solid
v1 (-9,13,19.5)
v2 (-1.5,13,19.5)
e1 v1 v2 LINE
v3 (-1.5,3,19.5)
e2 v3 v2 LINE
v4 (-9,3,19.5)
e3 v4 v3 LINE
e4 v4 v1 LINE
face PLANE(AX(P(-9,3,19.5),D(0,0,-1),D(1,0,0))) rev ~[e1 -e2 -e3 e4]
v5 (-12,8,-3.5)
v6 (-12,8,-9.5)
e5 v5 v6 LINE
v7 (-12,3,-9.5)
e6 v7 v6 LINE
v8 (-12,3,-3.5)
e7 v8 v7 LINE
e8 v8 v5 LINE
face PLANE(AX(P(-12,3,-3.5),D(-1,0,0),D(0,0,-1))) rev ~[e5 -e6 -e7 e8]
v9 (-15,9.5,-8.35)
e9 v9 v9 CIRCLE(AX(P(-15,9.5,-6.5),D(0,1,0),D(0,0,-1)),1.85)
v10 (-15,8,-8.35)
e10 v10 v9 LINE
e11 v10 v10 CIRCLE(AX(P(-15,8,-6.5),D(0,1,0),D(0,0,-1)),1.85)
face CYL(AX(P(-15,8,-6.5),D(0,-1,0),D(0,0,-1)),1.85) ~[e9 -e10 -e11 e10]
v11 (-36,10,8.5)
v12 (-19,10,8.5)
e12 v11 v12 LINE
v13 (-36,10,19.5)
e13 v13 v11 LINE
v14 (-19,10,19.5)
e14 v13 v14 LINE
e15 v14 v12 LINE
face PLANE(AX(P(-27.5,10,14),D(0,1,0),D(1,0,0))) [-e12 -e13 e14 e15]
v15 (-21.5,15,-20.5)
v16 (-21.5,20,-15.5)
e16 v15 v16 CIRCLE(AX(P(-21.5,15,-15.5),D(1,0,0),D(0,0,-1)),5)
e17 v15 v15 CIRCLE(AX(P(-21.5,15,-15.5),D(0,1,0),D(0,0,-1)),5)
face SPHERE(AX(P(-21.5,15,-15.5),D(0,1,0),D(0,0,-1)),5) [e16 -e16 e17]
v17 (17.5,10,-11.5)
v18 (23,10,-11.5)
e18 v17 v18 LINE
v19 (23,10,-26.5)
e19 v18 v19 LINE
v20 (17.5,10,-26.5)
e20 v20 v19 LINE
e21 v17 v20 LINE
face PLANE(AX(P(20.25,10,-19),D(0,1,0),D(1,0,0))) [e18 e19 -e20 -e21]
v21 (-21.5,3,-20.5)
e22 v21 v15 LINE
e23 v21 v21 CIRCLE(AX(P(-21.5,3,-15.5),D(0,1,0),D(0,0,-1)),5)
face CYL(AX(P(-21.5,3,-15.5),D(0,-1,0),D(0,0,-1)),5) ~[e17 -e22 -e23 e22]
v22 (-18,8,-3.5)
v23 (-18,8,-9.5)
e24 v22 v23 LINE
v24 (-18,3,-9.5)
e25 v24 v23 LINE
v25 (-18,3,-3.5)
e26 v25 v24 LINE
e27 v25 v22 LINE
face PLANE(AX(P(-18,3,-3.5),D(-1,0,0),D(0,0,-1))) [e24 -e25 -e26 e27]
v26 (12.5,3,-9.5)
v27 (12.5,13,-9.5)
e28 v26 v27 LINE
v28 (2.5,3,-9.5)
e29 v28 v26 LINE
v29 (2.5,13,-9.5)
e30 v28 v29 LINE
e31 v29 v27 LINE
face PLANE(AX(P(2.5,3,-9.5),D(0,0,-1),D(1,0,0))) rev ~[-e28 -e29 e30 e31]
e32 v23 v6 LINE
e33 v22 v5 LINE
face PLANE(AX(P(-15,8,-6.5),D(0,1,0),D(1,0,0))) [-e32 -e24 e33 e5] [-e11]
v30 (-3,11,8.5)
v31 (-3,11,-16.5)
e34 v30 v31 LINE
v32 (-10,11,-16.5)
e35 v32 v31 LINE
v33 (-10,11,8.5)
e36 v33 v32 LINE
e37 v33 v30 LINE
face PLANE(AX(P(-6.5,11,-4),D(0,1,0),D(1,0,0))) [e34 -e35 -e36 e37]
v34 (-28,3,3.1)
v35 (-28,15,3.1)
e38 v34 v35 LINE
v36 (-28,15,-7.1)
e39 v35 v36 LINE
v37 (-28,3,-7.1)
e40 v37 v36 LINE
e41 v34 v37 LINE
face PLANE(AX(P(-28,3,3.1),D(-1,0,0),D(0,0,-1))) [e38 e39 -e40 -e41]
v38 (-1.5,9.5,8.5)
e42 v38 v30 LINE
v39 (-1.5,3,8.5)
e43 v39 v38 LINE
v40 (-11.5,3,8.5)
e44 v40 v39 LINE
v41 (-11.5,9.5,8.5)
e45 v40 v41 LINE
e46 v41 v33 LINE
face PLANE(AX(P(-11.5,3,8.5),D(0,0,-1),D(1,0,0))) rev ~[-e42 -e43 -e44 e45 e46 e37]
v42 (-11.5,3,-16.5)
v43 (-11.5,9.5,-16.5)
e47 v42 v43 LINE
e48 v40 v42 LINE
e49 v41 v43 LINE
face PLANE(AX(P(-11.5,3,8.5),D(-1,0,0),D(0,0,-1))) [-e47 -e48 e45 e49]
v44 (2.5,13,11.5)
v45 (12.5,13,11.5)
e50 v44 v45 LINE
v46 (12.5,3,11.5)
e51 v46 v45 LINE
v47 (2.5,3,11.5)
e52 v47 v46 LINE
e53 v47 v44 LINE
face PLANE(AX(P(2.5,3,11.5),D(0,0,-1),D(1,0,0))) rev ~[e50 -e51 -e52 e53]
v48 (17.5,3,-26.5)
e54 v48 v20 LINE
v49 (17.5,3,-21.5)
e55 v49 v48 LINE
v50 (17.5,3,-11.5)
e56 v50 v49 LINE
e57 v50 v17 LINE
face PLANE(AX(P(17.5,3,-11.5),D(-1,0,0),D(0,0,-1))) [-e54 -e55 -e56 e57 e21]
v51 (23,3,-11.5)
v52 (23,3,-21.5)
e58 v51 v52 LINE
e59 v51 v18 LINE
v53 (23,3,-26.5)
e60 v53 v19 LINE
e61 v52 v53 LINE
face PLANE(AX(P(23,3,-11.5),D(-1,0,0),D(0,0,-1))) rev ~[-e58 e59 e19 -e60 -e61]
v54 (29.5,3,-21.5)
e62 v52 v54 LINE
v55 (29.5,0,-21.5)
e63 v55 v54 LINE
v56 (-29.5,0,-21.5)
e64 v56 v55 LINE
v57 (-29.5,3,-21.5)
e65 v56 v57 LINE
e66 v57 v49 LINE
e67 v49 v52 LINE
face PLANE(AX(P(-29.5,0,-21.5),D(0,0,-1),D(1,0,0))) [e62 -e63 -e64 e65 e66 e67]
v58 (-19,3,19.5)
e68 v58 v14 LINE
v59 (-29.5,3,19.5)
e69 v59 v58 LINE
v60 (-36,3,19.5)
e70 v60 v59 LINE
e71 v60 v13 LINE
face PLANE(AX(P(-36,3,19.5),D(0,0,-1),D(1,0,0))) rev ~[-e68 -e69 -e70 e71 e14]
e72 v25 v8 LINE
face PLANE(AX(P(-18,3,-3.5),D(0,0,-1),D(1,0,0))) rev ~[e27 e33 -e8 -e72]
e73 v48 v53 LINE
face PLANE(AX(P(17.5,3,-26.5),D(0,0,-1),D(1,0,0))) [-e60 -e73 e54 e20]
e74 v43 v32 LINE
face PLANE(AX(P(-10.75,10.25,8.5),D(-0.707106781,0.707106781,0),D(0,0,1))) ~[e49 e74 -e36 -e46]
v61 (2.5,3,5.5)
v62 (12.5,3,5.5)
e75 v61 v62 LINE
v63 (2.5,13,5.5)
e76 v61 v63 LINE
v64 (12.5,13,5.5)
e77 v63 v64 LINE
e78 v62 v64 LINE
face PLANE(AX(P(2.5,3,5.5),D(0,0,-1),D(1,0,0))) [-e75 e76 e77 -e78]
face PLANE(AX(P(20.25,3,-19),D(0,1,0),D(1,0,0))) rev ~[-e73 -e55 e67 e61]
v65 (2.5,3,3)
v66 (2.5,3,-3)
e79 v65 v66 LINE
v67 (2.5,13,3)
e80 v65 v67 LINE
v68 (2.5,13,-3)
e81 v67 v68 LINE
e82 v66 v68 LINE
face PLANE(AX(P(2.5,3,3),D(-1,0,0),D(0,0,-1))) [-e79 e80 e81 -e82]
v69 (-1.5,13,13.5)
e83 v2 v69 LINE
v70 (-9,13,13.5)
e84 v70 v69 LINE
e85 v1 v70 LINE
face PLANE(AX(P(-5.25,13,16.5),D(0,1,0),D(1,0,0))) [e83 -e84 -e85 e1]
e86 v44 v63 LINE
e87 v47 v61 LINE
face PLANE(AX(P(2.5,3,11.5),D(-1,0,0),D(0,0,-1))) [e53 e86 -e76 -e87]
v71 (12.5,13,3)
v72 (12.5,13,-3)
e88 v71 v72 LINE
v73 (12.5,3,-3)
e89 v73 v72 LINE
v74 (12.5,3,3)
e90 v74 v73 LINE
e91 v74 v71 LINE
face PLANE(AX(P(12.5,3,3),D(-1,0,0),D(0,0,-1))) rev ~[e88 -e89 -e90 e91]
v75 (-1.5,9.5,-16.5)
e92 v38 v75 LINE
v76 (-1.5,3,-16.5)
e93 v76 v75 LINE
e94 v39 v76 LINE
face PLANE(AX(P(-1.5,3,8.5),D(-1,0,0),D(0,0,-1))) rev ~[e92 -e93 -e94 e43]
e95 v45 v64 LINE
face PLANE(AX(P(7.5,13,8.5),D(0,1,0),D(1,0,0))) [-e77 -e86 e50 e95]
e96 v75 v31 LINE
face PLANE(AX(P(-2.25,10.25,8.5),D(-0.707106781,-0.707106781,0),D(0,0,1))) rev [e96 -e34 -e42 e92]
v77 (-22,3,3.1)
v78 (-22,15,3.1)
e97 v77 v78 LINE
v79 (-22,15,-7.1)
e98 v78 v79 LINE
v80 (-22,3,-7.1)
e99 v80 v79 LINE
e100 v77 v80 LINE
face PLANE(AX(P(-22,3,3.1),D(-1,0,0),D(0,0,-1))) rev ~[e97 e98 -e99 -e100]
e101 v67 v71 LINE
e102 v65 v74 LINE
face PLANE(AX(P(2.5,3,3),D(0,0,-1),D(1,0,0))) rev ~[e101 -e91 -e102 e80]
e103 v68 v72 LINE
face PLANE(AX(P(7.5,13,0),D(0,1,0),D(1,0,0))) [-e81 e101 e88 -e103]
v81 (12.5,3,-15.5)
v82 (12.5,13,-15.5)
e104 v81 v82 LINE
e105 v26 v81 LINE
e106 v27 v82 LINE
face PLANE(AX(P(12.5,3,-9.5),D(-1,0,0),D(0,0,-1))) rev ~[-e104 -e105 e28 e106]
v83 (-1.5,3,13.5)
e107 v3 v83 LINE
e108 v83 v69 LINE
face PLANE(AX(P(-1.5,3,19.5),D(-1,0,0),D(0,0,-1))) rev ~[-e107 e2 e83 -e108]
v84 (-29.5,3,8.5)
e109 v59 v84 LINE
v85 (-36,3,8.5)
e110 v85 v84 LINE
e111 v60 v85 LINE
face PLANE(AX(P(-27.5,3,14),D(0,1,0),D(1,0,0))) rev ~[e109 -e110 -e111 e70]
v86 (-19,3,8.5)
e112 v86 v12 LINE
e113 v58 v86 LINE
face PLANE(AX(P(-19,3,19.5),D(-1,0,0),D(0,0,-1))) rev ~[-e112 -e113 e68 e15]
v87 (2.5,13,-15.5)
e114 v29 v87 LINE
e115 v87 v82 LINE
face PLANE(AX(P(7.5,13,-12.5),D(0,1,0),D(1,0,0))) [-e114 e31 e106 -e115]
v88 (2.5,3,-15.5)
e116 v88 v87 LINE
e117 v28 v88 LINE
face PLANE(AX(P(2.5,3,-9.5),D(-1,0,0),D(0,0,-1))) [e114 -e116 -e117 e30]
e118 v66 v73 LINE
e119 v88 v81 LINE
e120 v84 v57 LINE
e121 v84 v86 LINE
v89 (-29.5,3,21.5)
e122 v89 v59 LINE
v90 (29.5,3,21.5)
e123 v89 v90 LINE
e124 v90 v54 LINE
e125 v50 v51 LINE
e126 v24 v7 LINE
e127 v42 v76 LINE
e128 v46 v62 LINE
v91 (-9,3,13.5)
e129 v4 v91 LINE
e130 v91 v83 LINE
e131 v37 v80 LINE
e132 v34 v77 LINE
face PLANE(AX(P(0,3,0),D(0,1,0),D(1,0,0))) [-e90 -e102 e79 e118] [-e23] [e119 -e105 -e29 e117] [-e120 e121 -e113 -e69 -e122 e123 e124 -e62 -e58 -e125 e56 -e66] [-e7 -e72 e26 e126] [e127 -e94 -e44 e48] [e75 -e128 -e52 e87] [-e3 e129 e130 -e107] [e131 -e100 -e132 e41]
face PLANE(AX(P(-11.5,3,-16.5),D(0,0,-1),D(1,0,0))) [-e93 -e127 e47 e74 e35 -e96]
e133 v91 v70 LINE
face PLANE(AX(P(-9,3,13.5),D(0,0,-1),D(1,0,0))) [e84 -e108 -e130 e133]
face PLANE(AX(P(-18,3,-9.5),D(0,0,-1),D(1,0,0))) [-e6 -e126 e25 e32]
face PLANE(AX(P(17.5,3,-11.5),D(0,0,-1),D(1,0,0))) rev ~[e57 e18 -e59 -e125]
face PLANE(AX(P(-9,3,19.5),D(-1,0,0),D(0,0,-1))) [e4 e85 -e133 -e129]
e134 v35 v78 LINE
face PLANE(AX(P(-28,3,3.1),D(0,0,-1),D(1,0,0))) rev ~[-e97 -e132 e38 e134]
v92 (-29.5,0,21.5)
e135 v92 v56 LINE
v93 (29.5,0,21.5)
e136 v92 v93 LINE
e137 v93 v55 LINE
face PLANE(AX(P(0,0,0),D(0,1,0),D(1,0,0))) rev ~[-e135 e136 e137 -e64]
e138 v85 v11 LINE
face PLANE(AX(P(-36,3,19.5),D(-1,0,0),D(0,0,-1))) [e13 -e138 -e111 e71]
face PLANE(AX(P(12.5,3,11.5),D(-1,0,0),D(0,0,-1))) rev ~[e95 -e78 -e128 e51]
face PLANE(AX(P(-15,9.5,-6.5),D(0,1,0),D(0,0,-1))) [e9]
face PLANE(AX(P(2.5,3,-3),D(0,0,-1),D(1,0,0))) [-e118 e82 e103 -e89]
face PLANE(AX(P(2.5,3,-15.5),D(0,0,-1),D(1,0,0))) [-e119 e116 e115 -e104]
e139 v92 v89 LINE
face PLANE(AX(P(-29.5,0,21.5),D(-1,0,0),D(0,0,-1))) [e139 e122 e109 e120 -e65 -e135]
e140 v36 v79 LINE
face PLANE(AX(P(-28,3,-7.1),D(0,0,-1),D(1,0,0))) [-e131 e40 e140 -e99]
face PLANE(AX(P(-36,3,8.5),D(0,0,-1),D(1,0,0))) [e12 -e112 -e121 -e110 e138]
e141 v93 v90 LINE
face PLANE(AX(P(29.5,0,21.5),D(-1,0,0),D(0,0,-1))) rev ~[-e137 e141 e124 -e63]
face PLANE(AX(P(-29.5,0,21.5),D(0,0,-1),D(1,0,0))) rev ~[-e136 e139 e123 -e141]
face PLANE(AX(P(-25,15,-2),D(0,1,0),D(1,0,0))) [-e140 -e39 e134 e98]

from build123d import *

# Parameters (mm, degrees)
SKETCH1_W           = 59
SKETCH1_H           = 43
BOSS_EXTRUDE1_DEPTH = 3
SKETCH2_R           = 5
BOSS_EXTRUDE2_DEPTH = 17
SKETCH3_W           = 17
SKETCH3_H           = 11
BOSS_EXTRUDE3_DEPTH = 7
SKETCH4_W           = 5.5
SKETCH4_H           = 15
BOSS_EXTRUDE4_DEPTH = 7
FILLET1_R           = 5
SKETCH5_W           = 7.5
SKETCH5_H           = 6
SKETCH5_W_2         = 10
BOSS_EXTRUDE5_DEPTH = 10
SKETCH6_W           = 6
SKETCH6_H           = 10.2
BOSS_EXTRUDE6_DEPTH = 12
SKETCH7_W           = 10
SKETCH7_H           = 25
BOSS_EXTRUDE7_DEPTH = 8
CHAMFER1_SIZE       = 1.5
SKETCH8_W           = 6
SKETCH8_H           = 6
BOSS_EXTRUDE8_DEPTH = 5
SKETCH9_R           = 1.85
BOSS_EXTRUDE9_DEPTH = 1.5


with BuildPart() as part:
    # Sketch1 → Boss-Extrude1 (new body)
    with BuildSketch(Plane(origin=(0, 0, 0), x_dir=(1, 0, 0), z_dir=(0, 1, 0))):
        Rectangle(SKETCH1_W, SKETCH1_H)
    extrude(amount=BOSS_EXTRUDE1_DEPTH)

    # Sketch2 → Boss-Extrude2 (add)
    with BuildSketch(Plane(origin=(0, 3, 0), x_dir=(1, 0, 0), z_dir=(0, 1, 0))):
        with Locations(Location((-21.5, 15.5, 0), (0, 0, 90))):
            Circle(SKETCH2_R)
    extrude(amount=BOSS_EXTRUDE2_DEPTH)

    # Sketch3 → Boss-Extrude3 (add)
    with BuildSketch(Plane(origin=(0, 3, 0), x_dir=(1, 0, 0), z_dir=(0, 1, 0))):
        with Locations((-27.5, -14)):
            Rectangle(SKETCH3_W, SKETCH3_H)
    extrude(amount=BOSS_EXTRUDE3_DEPTH)

    # Sketch4 → Boss-Extrude4 (add)
    with BuildSketch(Plane(origin=(0, 3, 0), x_dir=(1, 0, 0), z_dir=(0, 1, 0))):
        with Locations((20.25, 19)):
            Rectangle(SKETCH4_W, SKETCH4_H)
    extrude(amount=BOSS_EXTRUDE4_DEPTH)

    # Fillet1
    fillet1_edges = [part.edges().sort_by_distance(p)[0] for p in [
        (-21.5, 20, -10.5),
    ]]
    fillet(fillet1_edges, radius=FILLET1_R)

    # Sketch5 → Boss-Extrude5 (add)
    with BuildSketch(Plane(origin=(0, 3, 0), x_dir=(1, 0, 0), z_dir=(0, 1, 0))):
        with Locations((-5.25, -16.5)):
            Rectangle(SKETCH5_W, SKETCH5_H)
        with Locations((7.5, 12.5)):
            Rectangle(SKETCH5_W_2, SKETCH5_H)
        with Locations((7.5, 0)):
            Rectangle(SKETCH5_W_2, SKETCH5_H)
        with Locations((7.5, -8.5)):
            Rectangle(SKETCH5_W_2, SKETCH5_H)
    extrude(amount=BOSS_EXTRUDE5_DEPTH)

    # Sketch6 → Boss-Extrude6 (add)
    with BuildSketch(Plane(origin=(0, 3, 0), x_dir=(1, 0, 0), z_dir=(0, 1, 0))):
        with Locations((-25, 2)):
            Rectangle(SKETCH6_W, SKETCH6_H)
    extrude(amount=BOSS_EXTRUDE6_DEPTH)

    # Sketch7 → Boss-Extrude7 (add)
    with BuildSketch(Plane(origin=(0, 3, 0), x_dir=(1, 0, 0), z_dir=(0, 1, 0))):
        with Locations((-6.5, 4)):
            Rectangle(SKETCH7_W, SKETCH7_H)
    extrude(amount=BOSS_EXTRUDE7_DEPTH)

    # Chamfer1
    chamfer1_edges = [part.edges().sort_by_distance(p)[0] for p in [
        (-1.5, 11, -4),
        (-11.5, 11, -4),
    ]]
    chamfer(chamfer1_edges, length=CHAMFER1_SIZE)

    # Sketch8 → Boss-Extrude8 (add)
    with BuildSketch(Plane(origin=(0, 3, 0), x_dir=(1, 0, 0), z_dir=(0, 1, 0))):
        with Locations((-15, 6.5)):
            Rectangle(SKETCH8_W, SKETCH8_H)
    extrude(amount=BOSS_EXTRUDE8_DEPTH)

    # Sketch9 → Boss-Extrude9 (add)
    with BuildSketch(Plane(origin=(0, 8, 0), x_dir=(1, 0, 0), z_dir=(0, 1, 0))):
        with Locations(Location((-15, 6.5, 0), (0, 0, 90))):
            Circle(SKETCH9_R)
    extrude(amount=BOSS_EXTRUDE9_DEPTH)


solid = part.part
